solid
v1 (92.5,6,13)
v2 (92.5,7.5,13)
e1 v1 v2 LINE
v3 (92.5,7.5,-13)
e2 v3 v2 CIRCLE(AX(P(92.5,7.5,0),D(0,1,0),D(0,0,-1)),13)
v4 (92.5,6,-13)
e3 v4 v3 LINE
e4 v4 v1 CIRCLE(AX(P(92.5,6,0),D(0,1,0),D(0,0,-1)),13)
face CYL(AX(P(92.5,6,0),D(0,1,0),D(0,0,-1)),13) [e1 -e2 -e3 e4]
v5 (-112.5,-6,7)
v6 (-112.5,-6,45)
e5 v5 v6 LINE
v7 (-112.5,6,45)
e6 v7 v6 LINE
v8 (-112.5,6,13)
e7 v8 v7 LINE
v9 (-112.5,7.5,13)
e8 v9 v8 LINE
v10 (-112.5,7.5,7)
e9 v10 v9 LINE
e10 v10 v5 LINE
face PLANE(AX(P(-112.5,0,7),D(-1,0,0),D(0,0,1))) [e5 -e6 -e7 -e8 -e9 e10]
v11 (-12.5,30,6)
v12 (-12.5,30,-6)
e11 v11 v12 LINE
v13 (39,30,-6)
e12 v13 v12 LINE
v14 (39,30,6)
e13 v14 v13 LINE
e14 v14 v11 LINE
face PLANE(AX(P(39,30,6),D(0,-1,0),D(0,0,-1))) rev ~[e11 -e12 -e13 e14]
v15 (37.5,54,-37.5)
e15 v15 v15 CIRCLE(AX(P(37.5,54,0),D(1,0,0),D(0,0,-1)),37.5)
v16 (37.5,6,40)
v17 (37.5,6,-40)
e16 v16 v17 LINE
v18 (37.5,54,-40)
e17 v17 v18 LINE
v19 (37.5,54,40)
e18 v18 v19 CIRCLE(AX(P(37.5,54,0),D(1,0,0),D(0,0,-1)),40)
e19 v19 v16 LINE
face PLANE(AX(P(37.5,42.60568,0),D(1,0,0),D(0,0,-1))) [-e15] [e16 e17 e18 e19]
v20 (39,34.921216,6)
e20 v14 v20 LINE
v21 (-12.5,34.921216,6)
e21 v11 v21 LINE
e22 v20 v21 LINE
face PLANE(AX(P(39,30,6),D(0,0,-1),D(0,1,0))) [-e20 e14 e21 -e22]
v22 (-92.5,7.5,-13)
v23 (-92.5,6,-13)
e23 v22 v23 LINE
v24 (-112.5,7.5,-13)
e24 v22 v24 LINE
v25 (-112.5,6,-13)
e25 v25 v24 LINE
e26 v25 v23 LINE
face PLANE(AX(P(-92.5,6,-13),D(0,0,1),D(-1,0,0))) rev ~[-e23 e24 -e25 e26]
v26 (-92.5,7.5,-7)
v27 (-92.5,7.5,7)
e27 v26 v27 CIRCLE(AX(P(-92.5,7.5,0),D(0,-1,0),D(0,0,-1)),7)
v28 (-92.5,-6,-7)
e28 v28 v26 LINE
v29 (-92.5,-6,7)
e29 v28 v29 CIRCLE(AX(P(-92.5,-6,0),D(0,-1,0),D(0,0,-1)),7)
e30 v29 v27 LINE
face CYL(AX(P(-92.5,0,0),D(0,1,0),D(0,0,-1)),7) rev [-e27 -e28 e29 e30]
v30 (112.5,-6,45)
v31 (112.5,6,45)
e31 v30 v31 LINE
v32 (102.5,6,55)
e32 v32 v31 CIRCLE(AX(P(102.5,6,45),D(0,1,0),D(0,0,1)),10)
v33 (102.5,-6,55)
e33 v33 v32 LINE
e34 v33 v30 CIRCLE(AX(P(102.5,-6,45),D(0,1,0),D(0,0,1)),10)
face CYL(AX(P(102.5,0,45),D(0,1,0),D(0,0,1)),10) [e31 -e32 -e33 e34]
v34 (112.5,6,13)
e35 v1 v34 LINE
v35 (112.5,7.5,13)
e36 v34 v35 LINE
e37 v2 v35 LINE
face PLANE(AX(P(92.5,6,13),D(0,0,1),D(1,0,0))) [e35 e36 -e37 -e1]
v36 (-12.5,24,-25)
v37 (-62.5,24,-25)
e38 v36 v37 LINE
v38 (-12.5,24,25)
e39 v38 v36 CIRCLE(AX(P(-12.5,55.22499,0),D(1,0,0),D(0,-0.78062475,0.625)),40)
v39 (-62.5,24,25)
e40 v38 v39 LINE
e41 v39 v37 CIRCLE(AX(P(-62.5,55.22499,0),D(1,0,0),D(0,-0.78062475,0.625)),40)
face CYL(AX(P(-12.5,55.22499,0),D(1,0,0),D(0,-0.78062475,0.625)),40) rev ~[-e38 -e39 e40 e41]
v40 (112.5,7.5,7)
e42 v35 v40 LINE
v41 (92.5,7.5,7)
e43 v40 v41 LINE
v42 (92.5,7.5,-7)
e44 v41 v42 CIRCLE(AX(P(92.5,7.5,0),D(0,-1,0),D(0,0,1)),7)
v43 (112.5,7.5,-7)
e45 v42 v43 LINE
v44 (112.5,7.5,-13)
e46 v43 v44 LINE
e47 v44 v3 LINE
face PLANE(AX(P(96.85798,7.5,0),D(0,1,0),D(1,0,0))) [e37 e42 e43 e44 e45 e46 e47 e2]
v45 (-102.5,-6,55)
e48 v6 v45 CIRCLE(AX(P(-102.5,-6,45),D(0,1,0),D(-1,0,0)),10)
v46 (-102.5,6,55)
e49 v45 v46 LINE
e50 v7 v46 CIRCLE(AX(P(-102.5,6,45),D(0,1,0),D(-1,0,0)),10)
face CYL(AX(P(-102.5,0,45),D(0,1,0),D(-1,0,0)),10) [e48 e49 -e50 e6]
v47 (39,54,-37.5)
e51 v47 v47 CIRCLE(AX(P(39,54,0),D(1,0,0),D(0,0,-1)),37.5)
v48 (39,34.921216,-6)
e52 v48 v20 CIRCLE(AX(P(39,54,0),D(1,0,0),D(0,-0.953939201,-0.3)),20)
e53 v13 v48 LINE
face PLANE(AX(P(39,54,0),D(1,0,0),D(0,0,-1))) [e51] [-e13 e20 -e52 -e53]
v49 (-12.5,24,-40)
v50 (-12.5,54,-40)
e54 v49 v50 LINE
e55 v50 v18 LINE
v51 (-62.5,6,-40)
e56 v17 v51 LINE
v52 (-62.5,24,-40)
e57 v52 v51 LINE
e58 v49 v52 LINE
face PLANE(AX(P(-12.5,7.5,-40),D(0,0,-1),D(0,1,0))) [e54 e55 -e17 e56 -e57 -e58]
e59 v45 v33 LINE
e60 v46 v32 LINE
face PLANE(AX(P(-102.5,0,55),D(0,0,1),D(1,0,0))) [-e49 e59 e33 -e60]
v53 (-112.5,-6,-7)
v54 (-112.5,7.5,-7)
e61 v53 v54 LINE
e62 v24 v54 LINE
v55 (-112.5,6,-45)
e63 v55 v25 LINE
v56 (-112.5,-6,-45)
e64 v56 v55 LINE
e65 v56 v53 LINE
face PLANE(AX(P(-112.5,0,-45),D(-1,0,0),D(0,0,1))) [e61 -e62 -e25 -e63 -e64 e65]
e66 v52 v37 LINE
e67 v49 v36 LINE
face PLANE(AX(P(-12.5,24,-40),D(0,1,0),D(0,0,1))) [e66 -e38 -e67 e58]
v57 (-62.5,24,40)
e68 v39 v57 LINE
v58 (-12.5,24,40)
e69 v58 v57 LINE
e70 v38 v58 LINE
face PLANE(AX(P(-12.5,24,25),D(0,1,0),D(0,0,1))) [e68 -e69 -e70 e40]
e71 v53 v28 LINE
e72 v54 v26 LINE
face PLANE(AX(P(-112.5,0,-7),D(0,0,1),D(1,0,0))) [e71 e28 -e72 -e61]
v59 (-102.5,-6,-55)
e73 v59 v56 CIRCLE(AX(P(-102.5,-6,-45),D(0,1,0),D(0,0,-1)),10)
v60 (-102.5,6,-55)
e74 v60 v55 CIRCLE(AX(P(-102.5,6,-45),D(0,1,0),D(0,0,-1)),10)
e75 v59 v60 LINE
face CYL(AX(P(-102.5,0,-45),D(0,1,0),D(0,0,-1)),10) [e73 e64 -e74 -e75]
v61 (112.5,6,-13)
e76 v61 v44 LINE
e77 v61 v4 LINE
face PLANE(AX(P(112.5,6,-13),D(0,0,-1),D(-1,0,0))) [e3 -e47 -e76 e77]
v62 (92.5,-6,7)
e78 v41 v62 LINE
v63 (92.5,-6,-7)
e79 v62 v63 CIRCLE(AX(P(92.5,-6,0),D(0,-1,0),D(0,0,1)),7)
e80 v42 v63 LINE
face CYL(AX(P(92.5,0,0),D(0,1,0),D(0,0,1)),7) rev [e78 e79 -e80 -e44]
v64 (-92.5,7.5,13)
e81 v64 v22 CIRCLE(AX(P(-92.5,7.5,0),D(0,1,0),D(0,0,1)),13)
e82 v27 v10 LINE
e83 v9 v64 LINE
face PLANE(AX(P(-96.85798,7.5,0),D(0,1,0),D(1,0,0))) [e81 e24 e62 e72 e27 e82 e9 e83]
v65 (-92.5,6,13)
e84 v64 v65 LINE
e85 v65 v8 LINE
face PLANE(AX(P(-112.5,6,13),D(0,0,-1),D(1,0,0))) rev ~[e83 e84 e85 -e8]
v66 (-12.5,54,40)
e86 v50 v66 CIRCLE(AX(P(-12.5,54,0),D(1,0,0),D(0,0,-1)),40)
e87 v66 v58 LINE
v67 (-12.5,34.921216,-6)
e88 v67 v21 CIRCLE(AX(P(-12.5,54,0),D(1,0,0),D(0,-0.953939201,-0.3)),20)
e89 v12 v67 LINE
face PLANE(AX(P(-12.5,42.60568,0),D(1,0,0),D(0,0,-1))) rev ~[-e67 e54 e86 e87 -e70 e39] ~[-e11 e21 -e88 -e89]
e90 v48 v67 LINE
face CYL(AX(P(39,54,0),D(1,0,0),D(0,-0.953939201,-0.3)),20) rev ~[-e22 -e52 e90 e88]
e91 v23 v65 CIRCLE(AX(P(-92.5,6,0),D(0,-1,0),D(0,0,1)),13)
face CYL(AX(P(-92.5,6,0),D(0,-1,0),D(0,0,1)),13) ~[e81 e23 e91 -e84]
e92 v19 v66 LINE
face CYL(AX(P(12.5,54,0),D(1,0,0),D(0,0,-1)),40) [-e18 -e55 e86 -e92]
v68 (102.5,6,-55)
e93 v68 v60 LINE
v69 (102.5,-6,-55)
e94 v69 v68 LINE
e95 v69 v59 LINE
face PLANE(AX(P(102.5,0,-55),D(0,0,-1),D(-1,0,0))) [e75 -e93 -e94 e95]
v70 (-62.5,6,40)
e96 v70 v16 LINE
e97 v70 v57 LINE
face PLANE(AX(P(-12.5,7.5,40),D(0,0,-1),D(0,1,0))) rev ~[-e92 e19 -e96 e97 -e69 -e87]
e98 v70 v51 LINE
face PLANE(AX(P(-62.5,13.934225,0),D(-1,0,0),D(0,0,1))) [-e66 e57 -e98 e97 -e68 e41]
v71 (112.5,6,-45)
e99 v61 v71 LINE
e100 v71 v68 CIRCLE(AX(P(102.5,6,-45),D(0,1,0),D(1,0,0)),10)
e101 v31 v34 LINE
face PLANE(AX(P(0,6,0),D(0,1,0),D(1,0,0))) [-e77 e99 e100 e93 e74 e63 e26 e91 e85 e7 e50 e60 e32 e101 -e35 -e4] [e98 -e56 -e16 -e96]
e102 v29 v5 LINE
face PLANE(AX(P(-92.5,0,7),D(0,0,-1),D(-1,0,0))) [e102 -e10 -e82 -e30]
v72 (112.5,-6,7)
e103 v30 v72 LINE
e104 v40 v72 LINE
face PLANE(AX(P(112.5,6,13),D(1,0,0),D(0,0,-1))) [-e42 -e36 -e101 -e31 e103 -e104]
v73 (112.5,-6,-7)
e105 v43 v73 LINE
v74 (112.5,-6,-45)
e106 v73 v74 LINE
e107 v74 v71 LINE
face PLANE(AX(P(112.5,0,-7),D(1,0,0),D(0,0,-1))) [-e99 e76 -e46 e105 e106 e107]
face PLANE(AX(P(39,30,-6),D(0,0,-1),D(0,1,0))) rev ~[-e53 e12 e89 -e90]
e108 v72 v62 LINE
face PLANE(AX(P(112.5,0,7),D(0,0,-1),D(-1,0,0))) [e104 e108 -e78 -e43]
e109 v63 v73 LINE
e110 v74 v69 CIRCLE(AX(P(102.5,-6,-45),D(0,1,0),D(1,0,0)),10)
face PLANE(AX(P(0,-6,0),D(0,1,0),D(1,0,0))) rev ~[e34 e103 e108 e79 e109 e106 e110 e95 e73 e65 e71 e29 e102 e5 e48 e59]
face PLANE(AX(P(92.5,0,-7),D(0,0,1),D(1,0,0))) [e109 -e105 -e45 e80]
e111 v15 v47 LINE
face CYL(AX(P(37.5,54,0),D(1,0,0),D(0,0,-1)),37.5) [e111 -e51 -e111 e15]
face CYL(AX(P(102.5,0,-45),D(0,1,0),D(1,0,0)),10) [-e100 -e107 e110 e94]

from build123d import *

# Parameters (mm, degrees)
EXTRUDE_1_DEPTH     = 6
EXTRUDE_2_DEPTH     = 1.5
EXTRUDE_START       = -100
EXTRUDE_3_DEPTH     = 25
SKETCH_4_R          = 37.5
EXTRUDE_4_DEPTH     = 1.5
SKETCH_5_R          = 20
SKETCH_5_W          = 12
SKETCH_5_H          = 8
CUT_EXTRUDE_1_DEPTH = 187.58309141
SKETCH_6_W          = 50
SKETCH_6_H          = 80
EXTRUDE_5_DEPTH     = 1.5
SKETCH_7_W          = 15
SKETCH_7_H          = 16.5
EXTRUDE_6_DEPTH     = 50


with BuildPart() as part:
    # 草图1 → 凸台-拉伸1 (new, symmetric)
    with BuildSketch(Plane(origin=(0, 0, 0), x_dir=(1, 0, 0), z_dir=(0, 1, 0))):
        with BuildLine():
            ThreePointArc((-112.5, -45), (-109.571067812, -52.071067812), (-102.5, -55))
            Line((-102.5, -55), (102.5, -55))
            ThreePointArc((102.5, -55), (109.571067812, -52.071067812), (112.5, -45))
            Line((112.5, -45), (112.5, -7))
            Line((112.5, -7), (92.5, -7))
            ThreePointArc((92.5, -7), (85.5, 0), (92.5, 7))
            Line((92.5, 7), (112.5, 7))
            Line((112.5, 7), (112.5, 45))
            ThreePointArc((112.5, 45), (109.571067812, 52.071067812), (102.5, 55))
            Line((102.5, 55), (-102.5, 55))
            ThreePointArc((-102.5, 55), (-109.571067812, 52.071067812), (-112.5, 45))
            Line((-112.5, 45), (-112.5, 7))
            Line((-112.5, 7), (-92.5, 7))
            ThreePointArc((-92.5, 7), (-85.5, 0), (-92.5, -7))
            Line((-92.5, -7), (-112.5, -7))
            Line((-112.5, -7), (-112.5, -45))
        make_face()
    extrude(amount=EXTRUDE_1_DEPTH, both=True)

    # 草图2 → 凸台-拉伸2 (add, symmetric)
    with BuildSketch(Plane(origin=(0, 6, 0), x_dir=(1, 0, 0), z_dir=(0, 1, 0))):
        with BuildLine():
            Line((-92.5, 13), (-112.5, 13))
            Line((-112.5, 13), (-112.5, 7))
            Line((-112.5, 7), (-92.5, 7))
            ThreePointArc((-92.5, 7), (-85.5, 0), (-92.5, -7))
            Line((-92.5, -7), (-112.5, -7))
            Line((-112.5, -7), (-112.5, -13))
            Line((-112.5, -13), (-92.5, -13))
            ThreePointArc((-92.5, -13), (-79.5, 0), (-92.5, 13))
        make_face()
        with BuildLine():
            Line((112.5, 7), (112.5, 13))
            Line((112.5, 13), (92.5, 13))
            ThreePointArc((92.5, 13), (79.5, 0), (92.5, -13))
            Line((92.5, -13), (112.5, -13))
            Line((112.5, -13), (112.5, -7))
            Line((112.5, -7), (92.5, -7))
            ThreePointArc((92.5, -7), (85.5, 0), (92.5, 7))
            Line((92.5, 7), (112.5, 7))
        make_face()
    extrude(amount=EXTRUDE_2_DEPTH, both=True)

    # 草图3 → 凸台-拉伸3 (add, symmetric)
    with BuildSketch(Plane(origin=(112.5, 0, 0), x_dir=(0, 0, -1), z_dir=(1, 0, 0)).offset(EXTRUDE_START)):
        with BuildLine():
            Line((-40, 6), (40, 6))
            Line((40, 6), (40, 54))
            ThreePointArc((40, 54), (0, 94), (-40, 54))
            Line((-40, 54), (-40, 6))
        make_face()
    extrude(amount=EXTRUDE_3_DEPTH, both=True)

    # 草图4 → 凸台-拉伸4 (add, symmetric)
    with BuildSketch(Plane(origin=(37.5, 0, 0), x_dir=(0, 0, -1), z_dir=(1, 0, 0))):
        with Locations((0, 54)):
            Circle(SKETCH_4_R)
    extrude(amount=EXTRUDE_4_DEPTH, both=True)

    # 草图5 → 切除-拉伸1 (cut, through all)
    with BuildSketch(Plane(origin=(39, 0, 0), x_dir=(0, 0, -1), z_dir=(1, 0, 0))):
        with Locations((0, 54)):
            Circle(SKETCH_5_R)
        with Locations((0, 34)):
            Rectangle(SKETCH_5_W, SKETCH_5_H)
    extrude(amount=-CUT_EXTRUDE_1_DEPTH, mode=Mode.SUBTRACT)

    # 草图6 → 凸台-拉伸5 (add, symmetric)
    with BuildSketch(Plane(origin=(0, 6, 0), x_dir=(1, 0, 0), z_dir=(0, 1, 0))):
        with Locations((-37.5, 0)):
            Rectangle(SKETCH_6_W, SKETCH_6_H)
    extrude(amount=EXTRUDE_5_DEPTH, both=True)

    # 草图7 → 凸台-拉伸6 (add)
    with BuildSketch(Plane.ZY.offset(12.5)):
        with BuildLine():
            Line((-25, 24), (-25, 7.5))
            Line((-25, 7.5), (25, 7.5))
            Line((25, 7.5), (25, 24))
            ThreePointArc((25, 24), (0, 15.224989992), (-25, 24))
        make_face()
        with Locations((-32.5, 15.75)):
            Rectangle(SKETCH_7_W, SKETCH_7_H)
        with Locations((32.5, 15.75)):
            Rectangle(SKETCH_7_W, SKETCH_7_H)
    extrude(amount=EXTRUDE_6_DEPTH)


solid = part.part
